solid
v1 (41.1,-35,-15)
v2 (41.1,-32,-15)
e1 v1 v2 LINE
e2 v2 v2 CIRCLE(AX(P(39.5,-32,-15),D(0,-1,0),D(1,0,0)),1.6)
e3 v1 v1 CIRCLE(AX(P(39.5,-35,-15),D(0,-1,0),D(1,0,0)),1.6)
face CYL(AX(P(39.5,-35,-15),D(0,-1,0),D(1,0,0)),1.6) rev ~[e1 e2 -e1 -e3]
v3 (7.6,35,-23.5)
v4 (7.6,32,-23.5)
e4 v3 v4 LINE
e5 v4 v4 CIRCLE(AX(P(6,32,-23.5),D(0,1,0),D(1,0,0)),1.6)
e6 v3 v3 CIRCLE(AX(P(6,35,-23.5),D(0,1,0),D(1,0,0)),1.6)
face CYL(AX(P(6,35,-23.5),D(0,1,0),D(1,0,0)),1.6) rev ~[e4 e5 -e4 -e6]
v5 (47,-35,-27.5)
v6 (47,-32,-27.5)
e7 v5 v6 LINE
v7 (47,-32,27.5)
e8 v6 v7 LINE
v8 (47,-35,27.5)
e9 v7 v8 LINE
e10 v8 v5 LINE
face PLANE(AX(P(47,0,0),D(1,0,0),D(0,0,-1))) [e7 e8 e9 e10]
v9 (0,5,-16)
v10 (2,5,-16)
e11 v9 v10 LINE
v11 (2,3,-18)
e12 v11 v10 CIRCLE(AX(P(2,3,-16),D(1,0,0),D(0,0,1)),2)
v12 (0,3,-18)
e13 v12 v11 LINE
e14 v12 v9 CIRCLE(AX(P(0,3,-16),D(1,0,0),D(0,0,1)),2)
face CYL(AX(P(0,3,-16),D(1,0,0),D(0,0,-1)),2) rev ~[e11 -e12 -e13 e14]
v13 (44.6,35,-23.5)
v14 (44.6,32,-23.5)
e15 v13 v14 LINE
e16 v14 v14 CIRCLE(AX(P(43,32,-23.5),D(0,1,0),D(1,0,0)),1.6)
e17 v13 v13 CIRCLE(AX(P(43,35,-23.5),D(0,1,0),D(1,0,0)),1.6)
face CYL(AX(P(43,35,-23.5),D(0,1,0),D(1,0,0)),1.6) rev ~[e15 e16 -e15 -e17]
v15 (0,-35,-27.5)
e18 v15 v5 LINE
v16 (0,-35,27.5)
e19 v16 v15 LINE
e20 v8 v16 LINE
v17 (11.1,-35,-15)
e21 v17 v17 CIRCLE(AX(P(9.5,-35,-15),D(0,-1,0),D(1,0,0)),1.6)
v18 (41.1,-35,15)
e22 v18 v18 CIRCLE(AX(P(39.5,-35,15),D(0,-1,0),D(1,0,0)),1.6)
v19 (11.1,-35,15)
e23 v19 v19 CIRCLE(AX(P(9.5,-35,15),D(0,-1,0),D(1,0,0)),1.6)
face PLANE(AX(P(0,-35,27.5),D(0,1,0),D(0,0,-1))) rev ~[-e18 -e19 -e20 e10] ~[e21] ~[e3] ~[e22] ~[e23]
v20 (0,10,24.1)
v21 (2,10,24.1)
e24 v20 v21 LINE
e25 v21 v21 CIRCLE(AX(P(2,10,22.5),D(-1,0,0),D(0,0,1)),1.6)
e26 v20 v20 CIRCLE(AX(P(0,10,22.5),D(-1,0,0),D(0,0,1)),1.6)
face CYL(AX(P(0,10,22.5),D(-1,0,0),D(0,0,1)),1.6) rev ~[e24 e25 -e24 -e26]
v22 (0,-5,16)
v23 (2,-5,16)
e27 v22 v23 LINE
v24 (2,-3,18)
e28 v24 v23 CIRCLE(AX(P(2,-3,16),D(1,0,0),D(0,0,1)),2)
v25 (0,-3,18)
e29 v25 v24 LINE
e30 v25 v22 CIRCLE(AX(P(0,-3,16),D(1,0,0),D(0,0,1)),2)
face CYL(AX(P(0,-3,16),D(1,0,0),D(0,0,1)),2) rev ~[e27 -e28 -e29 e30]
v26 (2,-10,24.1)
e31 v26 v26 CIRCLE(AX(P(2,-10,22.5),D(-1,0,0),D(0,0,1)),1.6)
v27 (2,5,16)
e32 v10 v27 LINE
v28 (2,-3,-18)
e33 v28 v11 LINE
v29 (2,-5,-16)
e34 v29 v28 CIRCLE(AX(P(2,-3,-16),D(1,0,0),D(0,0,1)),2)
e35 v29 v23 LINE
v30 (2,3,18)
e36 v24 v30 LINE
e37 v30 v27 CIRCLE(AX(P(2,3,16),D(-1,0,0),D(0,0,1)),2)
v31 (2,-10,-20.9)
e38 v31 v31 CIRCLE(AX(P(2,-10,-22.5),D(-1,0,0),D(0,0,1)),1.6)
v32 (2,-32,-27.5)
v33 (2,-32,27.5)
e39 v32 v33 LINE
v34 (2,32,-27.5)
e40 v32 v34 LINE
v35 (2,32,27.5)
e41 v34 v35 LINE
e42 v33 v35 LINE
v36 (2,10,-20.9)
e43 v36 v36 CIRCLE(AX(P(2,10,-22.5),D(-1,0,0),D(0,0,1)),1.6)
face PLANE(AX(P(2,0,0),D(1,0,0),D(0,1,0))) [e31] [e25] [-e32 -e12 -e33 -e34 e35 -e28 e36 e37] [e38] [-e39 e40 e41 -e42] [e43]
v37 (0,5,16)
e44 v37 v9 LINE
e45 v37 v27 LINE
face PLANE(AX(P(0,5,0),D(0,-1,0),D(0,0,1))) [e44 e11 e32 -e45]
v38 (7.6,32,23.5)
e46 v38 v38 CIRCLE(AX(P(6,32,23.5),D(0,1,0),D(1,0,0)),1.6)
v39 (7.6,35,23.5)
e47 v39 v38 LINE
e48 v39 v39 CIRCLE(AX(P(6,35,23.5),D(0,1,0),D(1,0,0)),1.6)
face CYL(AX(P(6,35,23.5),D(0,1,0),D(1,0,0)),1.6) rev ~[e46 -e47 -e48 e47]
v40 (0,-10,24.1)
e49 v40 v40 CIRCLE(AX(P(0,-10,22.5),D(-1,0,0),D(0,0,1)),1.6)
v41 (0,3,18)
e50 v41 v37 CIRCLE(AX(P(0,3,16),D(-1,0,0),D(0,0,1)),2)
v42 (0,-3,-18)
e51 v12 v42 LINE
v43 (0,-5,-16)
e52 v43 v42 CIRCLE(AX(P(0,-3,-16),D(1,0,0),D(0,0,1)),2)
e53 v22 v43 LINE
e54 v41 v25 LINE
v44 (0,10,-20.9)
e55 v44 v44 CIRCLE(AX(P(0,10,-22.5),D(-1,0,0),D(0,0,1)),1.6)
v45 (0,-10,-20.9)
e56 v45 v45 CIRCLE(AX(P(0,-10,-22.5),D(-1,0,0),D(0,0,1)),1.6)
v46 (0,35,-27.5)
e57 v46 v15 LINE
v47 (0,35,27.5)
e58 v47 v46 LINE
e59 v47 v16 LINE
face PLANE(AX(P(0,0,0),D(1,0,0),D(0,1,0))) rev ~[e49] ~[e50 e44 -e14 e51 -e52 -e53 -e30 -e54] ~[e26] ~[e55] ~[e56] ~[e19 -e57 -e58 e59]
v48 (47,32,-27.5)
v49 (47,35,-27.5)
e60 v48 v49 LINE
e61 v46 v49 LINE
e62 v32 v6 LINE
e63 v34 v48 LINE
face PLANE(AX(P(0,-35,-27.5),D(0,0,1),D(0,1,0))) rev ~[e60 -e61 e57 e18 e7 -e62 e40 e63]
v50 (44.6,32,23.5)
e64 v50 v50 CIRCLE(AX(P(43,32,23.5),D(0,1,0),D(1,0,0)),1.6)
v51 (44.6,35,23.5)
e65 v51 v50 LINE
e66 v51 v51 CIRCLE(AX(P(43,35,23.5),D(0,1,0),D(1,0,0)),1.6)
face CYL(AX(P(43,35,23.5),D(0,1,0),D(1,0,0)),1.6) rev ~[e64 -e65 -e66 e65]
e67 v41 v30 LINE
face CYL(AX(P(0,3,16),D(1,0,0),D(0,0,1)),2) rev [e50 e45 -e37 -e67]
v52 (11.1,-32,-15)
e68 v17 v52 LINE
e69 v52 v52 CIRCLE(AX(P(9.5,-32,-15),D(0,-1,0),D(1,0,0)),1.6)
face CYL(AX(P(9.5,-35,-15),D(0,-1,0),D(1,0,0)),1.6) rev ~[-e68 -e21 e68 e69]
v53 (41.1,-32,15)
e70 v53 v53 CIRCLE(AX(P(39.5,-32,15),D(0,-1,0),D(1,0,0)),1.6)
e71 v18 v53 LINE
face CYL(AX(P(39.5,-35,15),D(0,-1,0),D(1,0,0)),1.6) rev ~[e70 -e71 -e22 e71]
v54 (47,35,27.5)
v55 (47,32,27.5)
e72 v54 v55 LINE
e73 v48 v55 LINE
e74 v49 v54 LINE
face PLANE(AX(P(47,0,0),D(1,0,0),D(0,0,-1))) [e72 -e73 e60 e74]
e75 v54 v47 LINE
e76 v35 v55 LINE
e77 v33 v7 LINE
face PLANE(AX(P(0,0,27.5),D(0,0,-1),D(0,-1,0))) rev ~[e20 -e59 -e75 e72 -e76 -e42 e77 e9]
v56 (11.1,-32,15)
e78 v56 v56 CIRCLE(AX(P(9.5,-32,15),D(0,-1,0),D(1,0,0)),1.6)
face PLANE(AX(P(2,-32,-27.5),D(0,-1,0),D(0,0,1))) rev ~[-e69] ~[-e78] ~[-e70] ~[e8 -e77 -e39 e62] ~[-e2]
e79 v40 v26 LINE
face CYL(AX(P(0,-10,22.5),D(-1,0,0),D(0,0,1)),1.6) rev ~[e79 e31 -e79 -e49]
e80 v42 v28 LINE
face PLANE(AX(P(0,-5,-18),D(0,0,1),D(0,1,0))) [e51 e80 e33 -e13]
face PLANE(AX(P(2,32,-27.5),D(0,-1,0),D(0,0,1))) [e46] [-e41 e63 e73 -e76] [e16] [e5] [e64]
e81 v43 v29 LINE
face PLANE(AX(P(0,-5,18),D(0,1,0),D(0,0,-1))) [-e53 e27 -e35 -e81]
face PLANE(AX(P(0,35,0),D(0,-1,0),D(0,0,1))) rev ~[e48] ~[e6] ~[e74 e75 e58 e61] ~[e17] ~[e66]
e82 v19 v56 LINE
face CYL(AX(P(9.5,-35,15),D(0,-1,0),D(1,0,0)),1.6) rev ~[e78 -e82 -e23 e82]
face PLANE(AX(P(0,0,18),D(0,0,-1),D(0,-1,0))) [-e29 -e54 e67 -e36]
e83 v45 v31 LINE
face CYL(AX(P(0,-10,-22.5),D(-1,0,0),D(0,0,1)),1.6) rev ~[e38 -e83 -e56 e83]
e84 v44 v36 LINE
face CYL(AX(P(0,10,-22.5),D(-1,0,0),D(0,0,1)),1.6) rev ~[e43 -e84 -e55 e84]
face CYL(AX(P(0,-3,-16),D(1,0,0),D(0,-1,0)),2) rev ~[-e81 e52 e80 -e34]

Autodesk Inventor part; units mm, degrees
ref_plane "YZ Plane" through (0, 0, 0) normal (1, 0, 0) x (0, 1, 0)
ref_plane "XZ Plane" through (0, 0, 0) normal (0, 1, 0) x (-1, 0, 0)
ref_plane "XY Plane" through (0, 0, 0) normal (0, 0, 1) x (1, 0, 0)
sketch "Skizze2" plane through (0, 0, 0) normal (1, 0, 0) x (0, 1, 0)
  line L0 (-49, 0) -> (49, 0) projected
  line L1 (0, -38.5) -> (0, 38.5) projected
  line L2 (35, 27.5) -> (-35, 27.5)
  line L3 (-35, 27.5) -> (-35, -27.5)
  line L4 (-35, -27.5) -> (35, -27.5)
  line L5 (35, -27.5) -> (35, 27.5)
  dimension "d5" = 70
  dimension "d6" = 55
extrude "Extrusion1" add sketch "Skizze2" along normal blind 2
sketch "Skizze3" plane through (2, 0, 0) normal (1, 0, 0) x (0, 0, -1)
  line L0 (-27.5, 35) -> (-27.5, -35) projected
  line L1 (27.5, -35) -> (27.5, 35) projected
  line L2 (-27.5, -35) -> (27.5, -35)
  line L3 (27.5, -35) -> (27.5, -32)
  line L4 (27.5, -32) -> (-27.5, -32)
  line L5 (-27.5, -32) -> (-27.5, -35)
  line L6 (27.5, 35) -> (-27.5, 35) projected
  line L7 (-27.5, 35) -> (27.5, 35)
  line L8 (27.5, 35) -> (27.5, 32)
  line L9 (27.5, 32) -> (-27.5, 32)
  line L10 (-27.5, 32) -> (-27.5, 35)
  point P0 (0, 0)
  point P1 (-27.5, -32)
  point P2 (-27.5, 32)
  point P3 (27.5, 32)
  dimension "d9" = 3
  dimension "d10" = 3
extrude "Extrusion2" add sketch "Skizze3" along normal blind 45 contours L6 L1 L9 L0 | L4 L1 L2 L0
sketch "Skizze5" plane through (0, 35, 27.5) normal (0, 1, 0) x (1, 0, 0)
  line L0 (0, 55) -> (0, 0) projected
  line L1 (0, 0) -> (47, 0) projected
  line L2 (0, 55) -> (47, 55) projected
  line L3 (47, 55) -> (47, 0) projected
  circle A0 centre (6, 4) radius 1.6
  circle A1 centre (6, 51) radius 1.6
  circle A2 centre (43, 51) radius 1.6
  circle A3 centre (43, 4) radius 1.6
  line L4 (56.4, 27.5) -> (-9.4, 27.5) projected
  point P0 (0, 27.5)
  dimension "d38" = 3.2
  dimension "d41" = 3.2
  dimension "d44" = 3.2
  dimension "d47" = 3.2
  dimension "d69" = 6
  dimension "d70" = 4
  dimension "d71" = 4
  dimension "d72" = 6
  dimension "d73" = 4
  dimension "d74" = 4
  dimension "d75" = 4
  dimension "d76" = 4
extrude "Extrusion3" cut sketch "Skizze5" against normal up to surface (3 mm away) contours A0 | A1 | A2 | A3
sketch "Skizze6" plane through (0, -35, -27.5) normal (0, -1, 0) x (1, 0, 0)
  circle A0 centre (39.5, 42.5) radius 1.6
  circle A1 centre (39.5, 12.5) radius 1.6
  circle A2 centre (9.5, 42.5) radius 1.6
  circle A3 centre (9.5, 12.5) radius 1.6
  line L0 (-9.4, 27.5) -> (56.4, 27.5) projected
  line L1 (0, 66) -> (0, -11) projected
  line L2 (47, 55) -> (47, 0) projected
  dimension "d52" = 3.2
  dimension "d53" = 3.2
  dimension "d63" = 3.2
  dimension "d65" = 3.2
  dimension "d84" = 15
  dimension "d86" = 9.5
  dimension "d87" = 9.5
  dimension "d88" = 15
  dimension "d89" = 15
  dimension "d90" = 7.5
  dimension "d91" = 7.5
  dimension "d92" = 15
extrude "Extrusion4" cut sketch "Skizze6" against normal up to surface (3 mm away)
sketch "Skizze7" plane through (0, 0, 0) normal (-1, 0, 0) x (0, 0, 1)
  circle A0 centre (22.5, -10) radius 1.6
  line L0 (27.5, -35) -> (-27.5, -35) projected
  line L1 (27.5, 35) -> (27.5, -35) projected
  circle A1 centre (-22.5, -10) radius 1.6
  line L2 (-27.5, -35) -> (-27.5, 35) projected
  circle A2 centre (22.5, 10) radius 1.6
  circle A3 centre (-22.5, 10) radius 1.6
  line L3 (18, -5) -> (-18, -5)
  line L4 (-18, -5) -> (-18, 5)
  line L5 (-18, 5) -> (18, 5)
  line L6 (18, 5) -> (18, -5)
  line L7 (-38.5, 0) -> (38.5, 0) projected
  line L8 (0, 49) -> (0, -49) projected
  point P0 (0, 0)
  dimension "d93" = 3.2
  dimension "d95" = 5
  dimension "d96" = 3.2
  dimension "d97" = 5
  dimension "d99" = 3.2
  dimension "d100" = 5
  dimension "d101" = 20
  dimension "d102" = 3.2
  dimension "d103" = 5
  dimension "d104" = 20
  dimension "d107" = 36
  dimension "d108" = 10
  dimension "d111" = 10
  dimension "d112" = 10
extrude "Extrusion5" cut sketch "Skizze7" against normal up to surface (2 mm away) contours A0 | A1 | A2 | A3
extrude "Extrusion6" cut sketch "Skizze7" against normal up to surface (2 mm away) contours L8 L7 L6 L3 | L3 L4 L7 L8 | L7 L8 L5 L6 | L7 L4 L5 L8
fillet "Rundung1" radius 2 4 edges at (1, 5, 18) (1, -5, 18) (1, -5, -18) (1, 5, -18)
properties part number "_3D-Druck"
